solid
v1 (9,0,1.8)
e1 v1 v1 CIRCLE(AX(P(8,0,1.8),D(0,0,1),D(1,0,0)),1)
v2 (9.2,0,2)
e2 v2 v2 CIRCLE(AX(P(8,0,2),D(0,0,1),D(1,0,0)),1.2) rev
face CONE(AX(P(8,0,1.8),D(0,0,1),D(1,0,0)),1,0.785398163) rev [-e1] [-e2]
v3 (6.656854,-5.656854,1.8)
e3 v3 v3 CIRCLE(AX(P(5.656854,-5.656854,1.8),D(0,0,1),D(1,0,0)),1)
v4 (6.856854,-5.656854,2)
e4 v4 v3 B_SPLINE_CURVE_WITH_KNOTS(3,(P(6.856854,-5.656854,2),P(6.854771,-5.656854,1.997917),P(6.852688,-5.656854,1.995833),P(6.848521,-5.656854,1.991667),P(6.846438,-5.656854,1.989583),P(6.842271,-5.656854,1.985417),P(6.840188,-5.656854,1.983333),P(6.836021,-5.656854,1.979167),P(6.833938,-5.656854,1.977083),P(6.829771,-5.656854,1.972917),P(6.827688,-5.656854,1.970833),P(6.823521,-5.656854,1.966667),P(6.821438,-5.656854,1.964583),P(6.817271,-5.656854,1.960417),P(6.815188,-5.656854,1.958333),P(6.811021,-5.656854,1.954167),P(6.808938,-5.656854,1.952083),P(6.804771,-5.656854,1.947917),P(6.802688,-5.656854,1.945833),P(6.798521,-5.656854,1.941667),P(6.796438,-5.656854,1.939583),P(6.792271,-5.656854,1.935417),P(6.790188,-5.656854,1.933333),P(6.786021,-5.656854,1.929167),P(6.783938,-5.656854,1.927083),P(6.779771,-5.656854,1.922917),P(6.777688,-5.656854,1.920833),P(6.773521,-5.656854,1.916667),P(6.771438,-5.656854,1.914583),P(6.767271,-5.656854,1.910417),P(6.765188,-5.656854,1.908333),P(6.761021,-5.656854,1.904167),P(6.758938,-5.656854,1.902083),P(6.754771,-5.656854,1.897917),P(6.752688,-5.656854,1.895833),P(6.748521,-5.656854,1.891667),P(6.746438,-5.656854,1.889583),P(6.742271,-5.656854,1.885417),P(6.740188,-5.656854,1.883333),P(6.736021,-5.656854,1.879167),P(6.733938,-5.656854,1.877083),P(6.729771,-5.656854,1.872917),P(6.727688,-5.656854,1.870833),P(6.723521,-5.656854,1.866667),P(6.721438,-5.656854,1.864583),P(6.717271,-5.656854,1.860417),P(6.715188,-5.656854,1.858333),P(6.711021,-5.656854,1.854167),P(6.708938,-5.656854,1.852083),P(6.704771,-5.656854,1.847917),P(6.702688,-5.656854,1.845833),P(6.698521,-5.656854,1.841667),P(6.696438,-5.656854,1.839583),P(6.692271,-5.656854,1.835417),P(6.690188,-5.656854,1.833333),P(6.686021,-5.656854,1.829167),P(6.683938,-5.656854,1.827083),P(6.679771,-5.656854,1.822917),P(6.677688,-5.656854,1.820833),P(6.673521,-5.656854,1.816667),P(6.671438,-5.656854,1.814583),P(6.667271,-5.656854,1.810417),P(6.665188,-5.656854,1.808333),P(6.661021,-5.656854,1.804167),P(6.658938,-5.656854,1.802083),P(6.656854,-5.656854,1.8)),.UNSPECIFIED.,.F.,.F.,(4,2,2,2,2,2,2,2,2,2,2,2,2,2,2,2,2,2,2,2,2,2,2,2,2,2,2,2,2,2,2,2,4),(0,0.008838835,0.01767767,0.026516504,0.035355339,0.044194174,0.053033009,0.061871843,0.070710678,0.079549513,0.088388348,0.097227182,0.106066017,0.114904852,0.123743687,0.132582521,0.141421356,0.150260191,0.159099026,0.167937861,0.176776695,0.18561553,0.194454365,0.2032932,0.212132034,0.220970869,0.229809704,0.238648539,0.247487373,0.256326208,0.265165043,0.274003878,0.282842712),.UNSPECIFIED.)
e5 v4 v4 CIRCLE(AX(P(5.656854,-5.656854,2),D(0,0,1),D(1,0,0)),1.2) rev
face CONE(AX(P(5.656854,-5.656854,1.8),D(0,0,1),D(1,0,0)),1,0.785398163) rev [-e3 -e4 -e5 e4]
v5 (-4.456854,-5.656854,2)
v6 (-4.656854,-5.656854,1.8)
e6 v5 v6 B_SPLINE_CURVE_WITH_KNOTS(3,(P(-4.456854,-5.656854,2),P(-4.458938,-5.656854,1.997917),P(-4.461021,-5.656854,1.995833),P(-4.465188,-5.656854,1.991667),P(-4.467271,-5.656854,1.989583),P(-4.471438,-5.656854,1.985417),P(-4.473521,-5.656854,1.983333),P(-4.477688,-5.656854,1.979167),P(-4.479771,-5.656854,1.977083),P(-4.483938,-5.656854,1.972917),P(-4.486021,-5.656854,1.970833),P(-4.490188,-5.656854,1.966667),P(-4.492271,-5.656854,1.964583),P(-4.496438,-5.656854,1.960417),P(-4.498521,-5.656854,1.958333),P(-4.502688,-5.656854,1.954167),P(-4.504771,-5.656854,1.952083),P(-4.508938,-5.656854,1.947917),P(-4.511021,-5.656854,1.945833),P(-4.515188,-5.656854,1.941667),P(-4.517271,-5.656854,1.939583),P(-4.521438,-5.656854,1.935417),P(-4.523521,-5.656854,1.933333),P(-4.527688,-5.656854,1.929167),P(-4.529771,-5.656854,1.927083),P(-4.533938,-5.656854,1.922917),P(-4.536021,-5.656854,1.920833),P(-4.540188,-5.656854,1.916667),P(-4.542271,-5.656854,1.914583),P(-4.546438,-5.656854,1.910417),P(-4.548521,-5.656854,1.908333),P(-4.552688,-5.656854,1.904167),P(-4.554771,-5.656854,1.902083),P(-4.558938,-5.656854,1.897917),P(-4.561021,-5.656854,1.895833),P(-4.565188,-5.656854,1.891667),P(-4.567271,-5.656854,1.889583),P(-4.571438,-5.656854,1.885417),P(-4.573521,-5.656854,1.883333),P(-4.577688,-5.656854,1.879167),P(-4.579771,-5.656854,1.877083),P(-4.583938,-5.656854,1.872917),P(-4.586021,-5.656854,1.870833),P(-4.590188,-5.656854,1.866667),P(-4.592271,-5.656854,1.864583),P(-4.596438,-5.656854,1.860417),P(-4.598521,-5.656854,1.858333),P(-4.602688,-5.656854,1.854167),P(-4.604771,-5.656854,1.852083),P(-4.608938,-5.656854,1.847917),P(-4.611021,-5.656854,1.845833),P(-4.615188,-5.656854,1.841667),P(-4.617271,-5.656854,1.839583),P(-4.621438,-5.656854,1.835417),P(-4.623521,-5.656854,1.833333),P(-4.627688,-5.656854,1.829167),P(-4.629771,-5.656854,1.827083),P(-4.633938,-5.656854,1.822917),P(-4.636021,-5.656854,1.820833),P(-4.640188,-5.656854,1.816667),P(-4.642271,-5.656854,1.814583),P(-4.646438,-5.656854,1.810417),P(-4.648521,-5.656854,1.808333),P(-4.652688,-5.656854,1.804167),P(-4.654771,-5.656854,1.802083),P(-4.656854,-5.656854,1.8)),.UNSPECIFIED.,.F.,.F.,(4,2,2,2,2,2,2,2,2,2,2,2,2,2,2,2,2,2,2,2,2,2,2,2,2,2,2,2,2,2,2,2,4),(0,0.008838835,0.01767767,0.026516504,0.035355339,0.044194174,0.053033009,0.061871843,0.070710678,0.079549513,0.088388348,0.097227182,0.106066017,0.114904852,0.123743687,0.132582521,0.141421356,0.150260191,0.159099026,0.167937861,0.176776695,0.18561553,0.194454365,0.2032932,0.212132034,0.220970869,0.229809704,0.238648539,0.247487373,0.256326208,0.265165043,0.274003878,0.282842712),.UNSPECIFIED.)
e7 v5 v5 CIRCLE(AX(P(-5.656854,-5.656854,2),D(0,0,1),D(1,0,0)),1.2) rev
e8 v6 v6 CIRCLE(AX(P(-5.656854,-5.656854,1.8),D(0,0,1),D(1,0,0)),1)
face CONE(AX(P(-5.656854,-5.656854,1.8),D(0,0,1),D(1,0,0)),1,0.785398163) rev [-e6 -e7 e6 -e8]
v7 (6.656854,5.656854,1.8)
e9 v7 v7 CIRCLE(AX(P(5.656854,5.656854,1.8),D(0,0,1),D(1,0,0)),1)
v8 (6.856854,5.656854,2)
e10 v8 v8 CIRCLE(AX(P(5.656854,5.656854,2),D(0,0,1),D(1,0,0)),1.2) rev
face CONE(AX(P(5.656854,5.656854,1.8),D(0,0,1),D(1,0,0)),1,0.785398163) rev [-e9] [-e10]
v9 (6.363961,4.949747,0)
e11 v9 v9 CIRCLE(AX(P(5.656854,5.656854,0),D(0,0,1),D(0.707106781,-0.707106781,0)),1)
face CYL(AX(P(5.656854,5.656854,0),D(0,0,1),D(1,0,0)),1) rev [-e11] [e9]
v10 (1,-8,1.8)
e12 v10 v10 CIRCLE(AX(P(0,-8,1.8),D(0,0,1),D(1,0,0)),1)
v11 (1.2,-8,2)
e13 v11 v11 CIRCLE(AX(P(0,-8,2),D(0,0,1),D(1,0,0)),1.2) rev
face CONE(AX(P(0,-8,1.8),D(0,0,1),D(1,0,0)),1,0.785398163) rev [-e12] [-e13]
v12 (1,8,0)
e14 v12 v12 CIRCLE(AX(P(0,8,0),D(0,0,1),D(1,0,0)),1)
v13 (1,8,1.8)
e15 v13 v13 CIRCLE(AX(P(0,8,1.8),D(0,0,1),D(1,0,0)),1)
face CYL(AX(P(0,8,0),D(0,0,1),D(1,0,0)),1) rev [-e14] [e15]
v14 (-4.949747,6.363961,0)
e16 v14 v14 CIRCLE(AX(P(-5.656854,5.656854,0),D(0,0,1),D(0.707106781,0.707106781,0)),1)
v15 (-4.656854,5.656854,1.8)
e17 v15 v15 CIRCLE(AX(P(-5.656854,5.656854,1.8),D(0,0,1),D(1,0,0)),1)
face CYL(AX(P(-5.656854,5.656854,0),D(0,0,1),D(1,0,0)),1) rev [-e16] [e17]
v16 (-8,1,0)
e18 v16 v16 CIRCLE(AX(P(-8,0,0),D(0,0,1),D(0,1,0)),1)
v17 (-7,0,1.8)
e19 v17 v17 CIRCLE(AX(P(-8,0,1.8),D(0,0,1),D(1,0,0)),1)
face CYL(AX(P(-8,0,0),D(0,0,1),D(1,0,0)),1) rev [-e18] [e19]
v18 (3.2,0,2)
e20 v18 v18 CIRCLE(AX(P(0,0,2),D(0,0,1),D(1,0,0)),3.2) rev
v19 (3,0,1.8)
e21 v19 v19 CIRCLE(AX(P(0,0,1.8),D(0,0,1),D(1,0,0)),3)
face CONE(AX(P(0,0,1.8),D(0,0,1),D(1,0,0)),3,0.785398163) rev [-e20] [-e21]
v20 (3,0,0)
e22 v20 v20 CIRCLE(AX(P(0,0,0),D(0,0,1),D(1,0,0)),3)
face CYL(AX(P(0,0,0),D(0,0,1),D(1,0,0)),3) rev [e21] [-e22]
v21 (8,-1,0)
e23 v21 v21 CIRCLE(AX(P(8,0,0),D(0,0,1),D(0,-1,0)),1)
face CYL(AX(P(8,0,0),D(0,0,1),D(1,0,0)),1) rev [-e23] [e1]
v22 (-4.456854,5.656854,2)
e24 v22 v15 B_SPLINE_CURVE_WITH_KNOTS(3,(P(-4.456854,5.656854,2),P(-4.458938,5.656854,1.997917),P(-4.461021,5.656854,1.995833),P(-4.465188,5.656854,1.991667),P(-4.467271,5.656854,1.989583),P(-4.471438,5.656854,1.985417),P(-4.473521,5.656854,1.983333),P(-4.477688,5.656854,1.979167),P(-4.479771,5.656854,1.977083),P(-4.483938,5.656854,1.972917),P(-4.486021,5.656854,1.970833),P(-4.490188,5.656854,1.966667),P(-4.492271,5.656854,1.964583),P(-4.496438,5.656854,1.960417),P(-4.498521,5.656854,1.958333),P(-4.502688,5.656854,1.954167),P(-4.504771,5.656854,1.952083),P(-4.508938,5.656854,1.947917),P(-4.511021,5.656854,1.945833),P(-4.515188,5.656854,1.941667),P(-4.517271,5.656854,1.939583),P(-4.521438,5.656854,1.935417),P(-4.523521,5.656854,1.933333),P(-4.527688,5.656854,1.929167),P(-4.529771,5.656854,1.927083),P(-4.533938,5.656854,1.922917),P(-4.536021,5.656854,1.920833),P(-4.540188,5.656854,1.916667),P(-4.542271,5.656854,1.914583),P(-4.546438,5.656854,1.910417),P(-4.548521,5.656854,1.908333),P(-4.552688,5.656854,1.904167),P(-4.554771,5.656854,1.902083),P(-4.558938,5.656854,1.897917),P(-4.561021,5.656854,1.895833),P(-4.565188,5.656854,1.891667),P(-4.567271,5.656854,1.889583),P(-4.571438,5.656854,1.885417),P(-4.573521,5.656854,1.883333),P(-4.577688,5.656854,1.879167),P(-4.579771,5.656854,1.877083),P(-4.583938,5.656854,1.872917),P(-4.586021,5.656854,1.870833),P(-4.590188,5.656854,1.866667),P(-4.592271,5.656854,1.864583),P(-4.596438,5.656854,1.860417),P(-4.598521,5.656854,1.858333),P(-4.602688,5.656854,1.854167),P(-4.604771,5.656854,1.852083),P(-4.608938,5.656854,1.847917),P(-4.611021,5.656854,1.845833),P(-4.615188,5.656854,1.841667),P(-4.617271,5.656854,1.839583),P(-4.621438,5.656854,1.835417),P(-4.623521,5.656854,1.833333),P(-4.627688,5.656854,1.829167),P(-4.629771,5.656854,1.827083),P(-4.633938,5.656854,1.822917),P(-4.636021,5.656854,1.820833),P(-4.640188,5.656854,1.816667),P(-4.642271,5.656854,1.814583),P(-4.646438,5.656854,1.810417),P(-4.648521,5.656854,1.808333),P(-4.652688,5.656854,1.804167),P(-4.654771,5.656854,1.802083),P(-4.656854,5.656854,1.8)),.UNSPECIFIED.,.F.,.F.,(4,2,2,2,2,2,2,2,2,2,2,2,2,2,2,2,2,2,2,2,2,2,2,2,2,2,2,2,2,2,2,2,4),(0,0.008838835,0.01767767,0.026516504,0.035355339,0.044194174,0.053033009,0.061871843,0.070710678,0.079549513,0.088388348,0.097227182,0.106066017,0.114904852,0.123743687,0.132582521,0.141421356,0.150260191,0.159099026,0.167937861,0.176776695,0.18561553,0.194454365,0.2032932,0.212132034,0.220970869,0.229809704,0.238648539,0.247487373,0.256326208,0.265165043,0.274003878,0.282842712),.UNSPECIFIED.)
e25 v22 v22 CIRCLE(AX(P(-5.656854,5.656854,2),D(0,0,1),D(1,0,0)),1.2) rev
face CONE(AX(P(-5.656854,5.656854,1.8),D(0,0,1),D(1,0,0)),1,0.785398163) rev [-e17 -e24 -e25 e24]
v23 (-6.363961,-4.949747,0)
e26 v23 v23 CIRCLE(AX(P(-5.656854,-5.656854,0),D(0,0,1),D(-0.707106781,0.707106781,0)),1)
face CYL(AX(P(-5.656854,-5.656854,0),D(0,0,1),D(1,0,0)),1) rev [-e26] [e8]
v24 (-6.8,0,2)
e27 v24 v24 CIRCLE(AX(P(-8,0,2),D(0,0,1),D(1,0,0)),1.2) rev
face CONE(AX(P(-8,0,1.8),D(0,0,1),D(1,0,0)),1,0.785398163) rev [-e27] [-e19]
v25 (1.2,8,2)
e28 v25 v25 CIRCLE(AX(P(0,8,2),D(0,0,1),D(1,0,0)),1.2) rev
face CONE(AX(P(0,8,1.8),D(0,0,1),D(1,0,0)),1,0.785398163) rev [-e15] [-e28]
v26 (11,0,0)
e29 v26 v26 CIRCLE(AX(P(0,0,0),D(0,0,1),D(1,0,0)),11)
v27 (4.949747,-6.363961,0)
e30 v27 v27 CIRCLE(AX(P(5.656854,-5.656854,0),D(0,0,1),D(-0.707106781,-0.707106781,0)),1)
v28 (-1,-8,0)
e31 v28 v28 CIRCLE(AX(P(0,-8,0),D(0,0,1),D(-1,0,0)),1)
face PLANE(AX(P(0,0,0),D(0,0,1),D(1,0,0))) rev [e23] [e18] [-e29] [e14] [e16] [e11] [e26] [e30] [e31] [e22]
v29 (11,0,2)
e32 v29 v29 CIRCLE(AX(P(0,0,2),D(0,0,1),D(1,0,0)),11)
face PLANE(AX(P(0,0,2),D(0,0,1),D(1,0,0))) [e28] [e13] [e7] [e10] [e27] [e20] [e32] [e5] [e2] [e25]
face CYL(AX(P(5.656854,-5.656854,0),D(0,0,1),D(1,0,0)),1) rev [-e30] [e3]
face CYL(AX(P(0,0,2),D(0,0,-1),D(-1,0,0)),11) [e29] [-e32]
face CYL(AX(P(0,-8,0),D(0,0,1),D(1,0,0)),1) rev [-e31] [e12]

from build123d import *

# Parameters (mm, degrees)
SKETCH1_R           = 11
BOSS_EXTRUDE1_DEPTH = 2
SKETCH3_R           = 3
CUT_EXTRUDE1_DEPTH  = 16.684387141
SKETCH4_R           = 1
CUT_EXTRUDE2_DEPTH  = 16.684387141
CHAMFER1_SIZE       = 0.2
CHAMFER2_SIZE       = 0.2
CIRPATTERN1_COUNT   = 8
CHAMFER4_SIZE       = 0.2
CHAMFER5_SIZE       = 0.2
CHAMFER6_SIZE       = 0.2


with BuildPart() as part:
    # Sketch1 → Boss-Extrude1 (new body)
    with BuildSketch(Plane.XY):
        Circle(SKETCH1_R)
    extrude(amount=BOSS_EXTRUDE1_DEPTH)

    # Sketch3 → Cut-Extrude1 (cut, through all)
    with BuildSketch(Plane.XY.offset(2)):
        Circle(SKETCH3_R)
    extrude(amount=-CUT_EXTRUDE1_DEPTH, mode=Mode.SUBTRACT)

    # Sketch4 → Cut-Extrude2 (cut, through all)
    with BuildSketch(Plane.XY.offset(2)):
        with Locations((0, 8)):
            Circle(SKETCH4_R)
    cut_extrude2 = extrude(amount=-CUT_EXTRUDE2_DEPTH, mode=Mode.SUBTRACT)

    # Chamfer1
    chamfer1_edges = [part.edges().sort_by_distance(p)[0] for p in [
        (-1, 8, 2),
    ]]
    chamfer(chamfer1_edges, length=CHAMFER1_SIZE)

    # Chamfer2
    chamfer2_edges = [part.edges().sort_by_distance(p)[0] for p in [
        (-3, 0, 2),
    ]]
    chamfer(chamfer2_edges, length=CHAMFER2_SIZE)

    # CirPattern1: Cut-Extrude2 ×8 about axis
    cirpattern1_axis = Axis((0, 0, 0), (0, 0, 1))
    for i in range(1, CIRPATTERN1_COUNT):
        add(cut_extrude2.rotate(cirpattern1_axis, i * 360 / CIRPATTERN1_COUNT), mode=Mode.SUBTRACT)

    # Chamfer4
    chamfer4_edges = [part.edges().sort_by_distance(p)[0] for p in [
        (-4.949747468, -6.363961031, 2),
    ]]
    chamfer(chamfer4_edges, length=CHAMFER4_SIZE)

    # Chamfer5
    chamfer5_edges = [part.edges().sort_by_distance(p)[0] for p in [
        (8, 1, 2),
        (4.949747468, 6.363961031, 2),
    ]]
    chamfer(chamfer5_edges, length=CHAMFER5_SIZE)

    # Chamfer6
    chamfer6_edges = [part.edges().sort_by_distance(p)[0] for p in [
        (-6.363961031, 4.949747468, 2),
        (-8, -1, 2),
        (1, -8, 2),
        (6.363961031, -4.949747468, 2),
    ]]
    chamfer(chamfer6_edges, length=CHAMFER6_SIZE)


solid = part.part
